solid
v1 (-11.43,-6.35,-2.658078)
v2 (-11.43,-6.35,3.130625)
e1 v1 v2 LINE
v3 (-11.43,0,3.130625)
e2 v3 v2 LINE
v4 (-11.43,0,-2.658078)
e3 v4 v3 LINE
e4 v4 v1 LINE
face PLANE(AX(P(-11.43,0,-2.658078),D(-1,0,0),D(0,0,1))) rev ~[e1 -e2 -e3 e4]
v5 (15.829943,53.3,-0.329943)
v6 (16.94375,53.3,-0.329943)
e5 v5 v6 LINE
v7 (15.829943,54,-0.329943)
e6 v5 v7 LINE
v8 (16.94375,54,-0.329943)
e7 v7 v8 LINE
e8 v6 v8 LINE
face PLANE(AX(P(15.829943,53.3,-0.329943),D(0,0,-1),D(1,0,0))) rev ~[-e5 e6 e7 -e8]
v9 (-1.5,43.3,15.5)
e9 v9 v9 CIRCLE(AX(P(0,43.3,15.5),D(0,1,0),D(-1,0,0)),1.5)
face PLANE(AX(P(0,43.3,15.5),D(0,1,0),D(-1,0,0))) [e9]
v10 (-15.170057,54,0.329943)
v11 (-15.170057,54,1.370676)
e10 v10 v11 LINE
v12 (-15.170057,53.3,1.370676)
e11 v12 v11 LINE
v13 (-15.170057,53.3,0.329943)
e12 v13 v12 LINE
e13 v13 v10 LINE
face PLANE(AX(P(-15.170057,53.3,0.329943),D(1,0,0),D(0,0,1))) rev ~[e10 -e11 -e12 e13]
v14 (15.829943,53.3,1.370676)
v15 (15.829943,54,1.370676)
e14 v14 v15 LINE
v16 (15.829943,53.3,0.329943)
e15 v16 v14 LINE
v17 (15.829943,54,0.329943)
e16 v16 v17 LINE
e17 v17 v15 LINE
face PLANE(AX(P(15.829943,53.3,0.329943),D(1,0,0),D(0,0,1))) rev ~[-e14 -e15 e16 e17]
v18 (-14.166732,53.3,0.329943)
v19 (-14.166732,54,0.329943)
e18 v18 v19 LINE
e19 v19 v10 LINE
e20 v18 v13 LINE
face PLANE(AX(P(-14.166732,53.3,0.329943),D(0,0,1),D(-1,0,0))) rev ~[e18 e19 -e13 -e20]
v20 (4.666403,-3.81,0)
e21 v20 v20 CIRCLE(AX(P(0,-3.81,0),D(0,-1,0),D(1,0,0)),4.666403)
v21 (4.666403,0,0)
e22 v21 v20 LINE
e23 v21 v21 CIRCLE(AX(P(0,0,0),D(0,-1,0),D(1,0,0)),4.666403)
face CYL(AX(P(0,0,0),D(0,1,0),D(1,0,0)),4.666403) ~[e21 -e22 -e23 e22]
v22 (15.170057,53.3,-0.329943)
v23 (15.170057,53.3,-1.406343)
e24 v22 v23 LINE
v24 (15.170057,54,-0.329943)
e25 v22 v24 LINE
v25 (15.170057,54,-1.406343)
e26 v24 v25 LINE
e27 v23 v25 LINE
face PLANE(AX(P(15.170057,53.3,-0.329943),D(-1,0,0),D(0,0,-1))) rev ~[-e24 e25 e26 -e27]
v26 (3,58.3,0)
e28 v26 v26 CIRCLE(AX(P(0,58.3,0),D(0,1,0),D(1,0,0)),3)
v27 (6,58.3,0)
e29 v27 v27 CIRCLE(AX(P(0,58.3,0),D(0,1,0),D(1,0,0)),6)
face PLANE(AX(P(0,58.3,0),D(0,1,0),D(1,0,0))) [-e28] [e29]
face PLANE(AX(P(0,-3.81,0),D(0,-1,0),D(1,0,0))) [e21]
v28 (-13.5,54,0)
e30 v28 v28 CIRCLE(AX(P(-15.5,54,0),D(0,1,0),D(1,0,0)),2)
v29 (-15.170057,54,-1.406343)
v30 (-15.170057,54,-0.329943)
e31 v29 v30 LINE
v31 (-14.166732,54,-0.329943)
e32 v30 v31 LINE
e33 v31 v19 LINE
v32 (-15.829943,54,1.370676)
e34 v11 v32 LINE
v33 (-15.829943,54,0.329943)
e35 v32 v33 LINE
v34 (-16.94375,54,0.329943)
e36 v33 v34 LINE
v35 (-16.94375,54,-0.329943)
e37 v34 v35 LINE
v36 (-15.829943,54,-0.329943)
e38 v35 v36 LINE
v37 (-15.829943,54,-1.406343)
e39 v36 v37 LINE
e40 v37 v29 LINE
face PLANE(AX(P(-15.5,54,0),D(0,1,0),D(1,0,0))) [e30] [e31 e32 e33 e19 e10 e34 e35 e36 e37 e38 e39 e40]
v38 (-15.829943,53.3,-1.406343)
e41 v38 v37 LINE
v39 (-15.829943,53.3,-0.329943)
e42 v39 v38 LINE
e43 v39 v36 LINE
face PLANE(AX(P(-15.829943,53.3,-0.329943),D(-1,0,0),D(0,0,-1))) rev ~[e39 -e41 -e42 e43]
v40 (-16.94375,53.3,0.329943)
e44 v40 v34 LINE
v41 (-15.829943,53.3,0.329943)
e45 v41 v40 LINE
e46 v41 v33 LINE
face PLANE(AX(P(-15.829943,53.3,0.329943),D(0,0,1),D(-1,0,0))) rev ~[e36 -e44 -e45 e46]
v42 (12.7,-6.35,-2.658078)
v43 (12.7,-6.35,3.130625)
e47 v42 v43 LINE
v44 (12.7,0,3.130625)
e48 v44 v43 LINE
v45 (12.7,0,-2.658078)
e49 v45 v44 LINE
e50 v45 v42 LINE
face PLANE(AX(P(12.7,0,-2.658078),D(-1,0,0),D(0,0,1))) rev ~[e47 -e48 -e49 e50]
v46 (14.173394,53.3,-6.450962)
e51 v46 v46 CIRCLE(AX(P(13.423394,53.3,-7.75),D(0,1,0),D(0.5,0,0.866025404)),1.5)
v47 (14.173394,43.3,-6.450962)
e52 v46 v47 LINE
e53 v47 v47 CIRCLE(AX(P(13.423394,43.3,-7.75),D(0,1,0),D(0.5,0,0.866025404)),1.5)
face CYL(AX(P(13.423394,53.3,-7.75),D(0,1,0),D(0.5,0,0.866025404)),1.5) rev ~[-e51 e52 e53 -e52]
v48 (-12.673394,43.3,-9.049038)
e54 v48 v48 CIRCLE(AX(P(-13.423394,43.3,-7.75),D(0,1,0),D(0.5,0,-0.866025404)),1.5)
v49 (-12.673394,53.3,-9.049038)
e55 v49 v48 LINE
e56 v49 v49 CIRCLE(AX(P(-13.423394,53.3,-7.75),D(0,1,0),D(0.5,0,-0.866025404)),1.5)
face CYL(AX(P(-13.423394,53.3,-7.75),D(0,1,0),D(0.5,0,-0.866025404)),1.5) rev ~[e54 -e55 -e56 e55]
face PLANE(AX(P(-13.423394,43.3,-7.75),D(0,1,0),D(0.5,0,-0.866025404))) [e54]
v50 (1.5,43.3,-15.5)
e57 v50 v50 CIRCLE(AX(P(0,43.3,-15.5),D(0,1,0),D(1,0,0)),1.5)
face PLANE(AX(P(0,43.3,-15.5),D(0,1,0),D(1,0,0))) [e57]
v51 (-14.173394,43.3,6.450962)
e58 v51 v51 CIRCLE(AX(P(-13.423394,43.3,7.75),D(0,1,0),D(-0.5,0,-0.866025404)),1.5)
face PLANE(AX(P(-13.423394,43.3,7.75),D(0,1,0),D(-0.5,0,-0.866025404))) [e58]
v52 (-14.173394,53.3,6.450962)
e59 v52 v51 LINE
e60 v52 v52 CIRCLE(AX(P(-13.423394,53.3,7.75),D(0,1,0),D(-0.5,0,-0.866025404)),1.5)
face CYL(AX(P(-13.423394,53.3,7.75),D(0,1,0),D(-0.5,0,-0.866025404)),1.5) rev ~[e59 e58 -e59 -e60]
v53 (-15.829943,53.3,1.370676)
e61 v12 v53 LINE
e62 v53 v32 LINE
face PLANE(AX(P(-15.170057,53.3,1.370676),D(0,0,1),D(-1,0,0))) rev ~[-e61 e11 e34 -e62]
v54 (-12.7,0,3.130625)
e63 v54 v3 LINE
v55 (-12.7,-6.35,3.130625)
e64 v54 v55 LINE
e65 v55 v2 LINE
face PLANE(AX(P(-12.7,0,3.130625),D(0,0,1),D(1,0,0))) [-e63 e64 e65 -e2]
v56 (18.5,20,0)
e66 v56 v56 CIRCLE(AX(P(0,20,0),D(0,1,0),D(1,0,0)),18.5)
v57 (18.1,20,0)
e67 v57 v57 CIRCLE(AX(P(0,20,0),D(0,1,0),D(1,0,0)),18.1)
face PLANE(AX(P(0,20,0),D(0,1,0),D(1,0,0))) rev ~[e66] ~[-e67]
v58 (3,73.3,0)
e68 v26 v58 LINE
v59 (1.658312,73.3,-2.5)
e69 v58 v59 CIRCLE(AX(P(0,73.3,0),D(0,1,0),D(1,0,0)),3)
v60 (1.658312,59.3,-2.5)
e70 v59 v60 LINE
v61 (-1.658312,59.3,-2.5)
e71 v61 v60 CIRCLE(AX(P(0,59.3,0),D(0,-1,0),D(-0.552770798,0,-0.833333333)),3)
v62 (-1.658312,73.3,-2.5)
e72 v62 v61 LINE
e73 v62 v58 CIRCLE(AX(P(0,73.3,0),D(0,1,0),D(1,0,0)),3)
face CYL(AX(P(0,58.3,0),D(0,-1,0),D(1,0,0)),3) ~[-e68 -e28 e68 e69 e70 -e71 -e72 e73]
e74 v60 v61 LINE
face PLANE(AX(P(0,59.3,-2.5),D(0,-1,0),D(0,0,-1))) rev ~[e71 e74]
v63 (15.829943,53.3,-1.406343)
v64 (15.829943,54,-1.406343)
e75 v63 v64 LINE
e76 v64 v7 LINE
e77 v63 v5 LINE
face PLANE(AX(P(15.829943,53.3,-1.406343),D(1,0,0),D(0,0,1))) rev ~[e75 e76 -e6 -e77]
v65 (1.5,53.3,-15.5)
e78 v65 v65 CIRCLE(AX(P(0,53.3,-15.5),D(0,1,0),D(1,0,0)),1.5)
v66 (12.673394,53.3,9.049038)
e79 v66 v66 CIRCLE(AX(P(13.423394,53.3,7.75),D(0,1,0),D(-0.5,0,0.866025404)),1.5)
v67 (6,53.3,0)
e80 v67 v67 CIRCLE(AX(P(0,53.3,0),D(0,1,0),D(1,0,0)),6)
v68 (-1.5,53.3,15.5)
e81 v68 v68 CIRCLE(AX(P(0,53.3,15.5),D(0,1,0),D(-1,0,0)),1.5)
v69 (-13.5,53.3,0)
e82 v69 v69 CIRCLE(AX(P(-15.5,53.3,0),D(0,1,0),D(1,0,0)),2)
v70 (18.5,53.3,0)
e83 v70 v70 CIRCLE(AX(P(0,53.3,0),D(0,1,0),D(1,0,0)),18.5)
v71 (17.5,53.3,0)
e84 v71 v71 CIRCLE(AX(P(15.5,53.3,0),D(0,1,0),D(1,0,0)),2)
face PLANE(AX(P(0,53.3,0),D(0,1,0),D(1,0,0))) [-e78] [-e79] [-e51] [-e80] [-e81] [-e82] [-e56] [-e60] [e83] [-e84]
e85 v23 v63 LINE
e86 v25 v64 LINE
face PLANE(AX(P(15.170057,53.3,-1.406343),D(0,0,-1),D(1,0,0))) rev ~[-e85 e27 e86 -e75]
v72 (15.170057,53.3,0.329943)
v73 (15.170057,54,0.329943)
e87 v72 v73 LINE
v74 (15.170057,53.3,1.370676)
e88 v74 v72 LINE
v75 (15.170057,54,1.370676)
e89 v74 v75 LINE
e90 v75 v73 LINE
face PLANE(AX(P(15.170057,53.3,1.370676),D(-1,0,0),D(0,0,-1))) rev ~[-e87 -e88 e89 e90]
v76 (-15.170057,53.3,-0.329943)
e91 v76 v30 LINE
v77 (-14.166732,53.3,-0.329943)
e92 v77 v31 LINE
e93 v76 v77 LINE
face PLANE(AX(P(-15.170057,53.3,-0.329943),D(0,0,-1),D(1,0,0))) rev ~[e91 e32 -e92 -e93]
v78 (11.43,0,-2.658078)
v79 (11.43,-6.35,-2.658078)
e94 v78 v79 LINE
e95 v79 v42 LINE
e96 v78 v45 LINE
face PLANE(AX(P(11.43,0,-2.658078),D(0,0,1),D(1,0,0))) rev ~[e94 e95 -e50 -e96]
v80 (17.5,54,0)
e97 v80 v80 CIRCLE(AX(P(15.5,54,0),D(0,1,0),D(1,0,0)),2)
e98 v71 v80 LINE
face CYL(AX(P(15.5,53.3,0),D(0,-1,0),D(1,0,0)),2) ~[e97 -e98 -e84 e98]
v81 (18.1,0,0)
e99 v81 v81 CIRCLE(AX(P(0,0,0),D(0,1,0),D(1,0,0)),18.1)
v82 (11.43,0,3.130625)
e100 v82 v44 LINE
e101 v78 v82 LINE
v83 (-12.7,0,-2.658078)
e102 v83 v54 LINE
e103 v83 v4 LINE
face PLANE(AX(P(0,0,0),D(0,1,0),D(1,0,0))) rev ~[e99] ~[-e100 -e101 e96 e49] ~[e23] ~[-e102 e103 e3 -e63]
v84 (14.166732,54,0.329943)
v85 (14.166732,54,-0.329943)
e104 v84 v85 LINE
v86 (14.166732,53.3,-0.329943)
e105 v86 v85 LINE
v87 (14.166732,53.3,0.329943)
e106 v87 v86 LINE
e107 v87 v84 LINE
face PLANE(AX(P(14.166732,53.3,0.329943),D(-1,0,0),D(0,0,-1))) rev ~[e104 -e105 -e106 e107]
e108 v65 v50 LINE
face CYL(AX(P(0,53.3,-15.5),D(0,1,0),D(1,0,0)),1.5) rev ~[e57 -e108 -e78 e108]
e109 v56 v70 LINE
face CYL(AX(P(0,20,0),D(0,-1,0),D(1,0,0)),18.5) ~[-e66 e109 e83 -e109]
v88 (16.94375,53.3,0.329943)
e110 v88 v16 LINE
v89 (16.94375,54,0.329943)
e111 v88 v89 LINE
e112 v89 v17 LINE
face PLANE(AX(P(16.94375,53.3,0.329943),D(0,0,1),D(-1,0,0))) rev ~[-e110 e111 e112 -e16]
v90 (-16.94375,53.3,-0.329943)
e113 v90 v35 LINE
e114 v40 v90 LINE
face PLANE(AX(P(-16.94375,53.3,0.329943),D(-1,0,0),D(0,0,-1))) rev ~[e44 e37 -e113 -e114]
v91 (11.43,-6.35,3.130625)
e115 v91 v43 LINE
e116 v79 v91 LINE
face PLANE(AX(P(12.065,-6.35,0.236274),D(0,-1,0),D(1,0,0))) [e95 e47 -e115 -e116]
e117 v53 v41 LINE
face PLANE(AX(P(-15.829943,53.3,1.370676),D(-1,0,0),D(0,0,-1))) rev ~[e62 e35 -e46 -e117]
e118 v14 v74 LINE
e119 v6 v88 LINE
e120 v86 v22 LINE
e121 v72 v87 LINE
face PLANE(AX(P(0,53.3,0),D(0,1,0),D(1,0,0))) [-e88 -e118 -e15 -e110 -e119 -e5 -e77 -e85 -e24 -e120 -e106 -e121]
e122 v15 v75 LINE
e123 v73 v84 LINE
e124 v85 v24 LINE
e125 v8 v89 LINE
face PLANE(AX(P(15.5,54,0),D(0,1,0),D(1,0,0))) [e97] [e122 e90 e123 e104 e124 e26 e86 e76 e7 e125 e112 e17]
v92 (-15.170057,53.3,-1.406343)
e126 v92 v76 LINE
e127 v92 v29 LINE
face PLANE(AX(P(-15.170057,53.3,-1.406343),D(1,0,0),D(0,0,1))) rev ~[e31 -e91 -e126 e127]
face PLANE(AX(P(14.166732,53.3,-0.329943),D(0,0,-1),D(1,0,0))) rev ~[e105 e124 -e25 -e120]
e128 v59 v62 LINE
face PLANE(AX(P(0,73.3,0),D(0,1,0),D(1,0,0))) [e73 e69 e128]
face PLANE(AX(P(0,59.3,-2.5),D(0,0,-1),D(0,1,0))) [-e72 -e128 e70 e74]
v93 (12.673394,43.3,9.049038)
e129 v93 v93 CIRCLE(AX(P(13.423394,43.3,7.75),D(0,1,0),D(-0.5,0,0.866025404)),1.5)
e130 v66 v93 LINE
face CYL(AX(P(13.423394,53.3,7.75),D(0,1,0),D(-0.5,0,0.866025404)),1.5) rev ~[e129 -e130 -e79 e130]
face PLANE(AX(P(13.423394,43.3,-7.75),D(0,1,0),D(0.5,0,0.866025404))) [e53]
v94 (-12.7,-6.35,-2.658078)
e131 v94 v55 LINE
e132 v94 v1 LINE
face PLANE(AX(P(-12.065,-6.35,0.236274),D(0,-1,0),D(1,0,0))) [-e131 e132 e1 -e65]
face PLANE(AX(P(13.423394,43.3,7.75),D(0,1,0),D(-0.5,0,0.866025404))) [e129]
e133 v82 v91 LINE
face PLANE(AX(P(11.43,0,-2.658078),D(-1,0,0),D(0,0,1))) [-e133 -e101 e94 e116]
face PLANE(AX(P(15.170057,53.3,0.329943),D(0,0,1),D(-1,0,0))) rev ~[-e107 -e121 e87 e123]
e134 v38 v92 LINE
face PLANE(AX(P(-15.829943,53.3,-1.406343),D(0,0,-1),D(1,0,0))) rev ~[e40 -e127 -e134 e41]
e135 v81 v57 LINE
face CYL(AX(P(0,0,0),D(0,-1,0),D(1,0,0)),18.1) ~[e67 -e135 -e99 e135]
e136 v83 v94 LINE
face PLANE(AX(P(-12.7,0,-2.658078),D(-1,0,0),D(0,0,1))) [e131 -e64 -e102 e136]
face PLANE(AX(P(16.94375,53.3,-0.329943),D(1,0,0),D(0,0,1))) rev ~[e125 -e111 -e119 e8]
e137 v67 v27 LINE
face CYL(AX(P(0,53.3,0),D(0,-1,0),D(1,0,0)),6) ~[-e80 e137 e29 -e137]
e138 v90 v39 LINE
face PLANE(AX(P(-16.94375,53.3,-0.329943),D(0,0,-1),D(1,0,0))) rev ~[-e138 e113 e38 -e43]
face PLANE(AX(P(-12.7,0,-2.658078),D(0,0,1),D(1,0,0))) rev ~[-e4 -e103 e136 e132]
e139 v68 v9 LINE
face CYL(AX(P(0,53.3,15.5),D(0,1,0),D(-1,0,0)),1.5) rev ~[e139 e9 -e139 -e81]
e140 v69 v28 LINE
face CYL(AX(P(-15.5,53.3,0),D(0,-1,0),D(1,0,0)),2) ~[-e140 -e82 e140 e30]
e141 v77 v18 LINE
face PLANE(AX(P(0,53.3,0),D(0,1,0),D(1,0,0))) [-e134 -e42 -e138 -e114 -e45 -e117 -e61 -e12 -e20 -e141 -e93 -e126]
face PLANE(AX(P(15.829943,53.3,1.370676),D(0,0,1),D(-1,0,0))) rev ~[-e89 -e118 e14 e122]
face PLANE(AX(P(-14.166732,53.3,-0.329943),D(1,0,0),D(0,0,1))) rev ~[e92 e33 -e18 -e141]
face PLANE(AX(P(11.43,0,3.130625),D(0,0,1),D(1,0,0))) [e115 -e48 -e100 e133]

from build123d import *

# Parameters (mm, degrees)
SKETCH1_R                 = 18.1
BASE_EXTRUDE_DEPTH        = 20
SKETCH2_R                 = 18.5
MOTOR_TOP_DEPTH           = 33.3
SKETCH3_R                 = 4.666403254
REAR_NUB_DEPTH            = 3.81
SKETCH4_W                 = 1.27
SKETCH4_H                 = 5.788702771
TEETH_PLUGS_DEPTH         = 6.35
SKETCH5_R                 = 6
AXLE_BASE_DEPTH           = 5
SKETCH7_R                 = 3
AXLE_DEPTH                = 15
SKETCH8_W                 = 0.5
SKETCH8_H                 = 14
D_SHAFT_CUTOUT_DEPTH      = 19.5
D_SHAFT_CUTOUT_DEPTH_BACK = 19.5
SKETCH9_R                 = 1.5
M3_SCREW_HOLES_DEPTH      = 10
SCREW_HOLE_PATTERN_COUNT  = 6
SKETCH10_R                = 2
PHILIPS_SCREWS_DEPTH      = 0.7


with BuildPart() as part:
    # Sketch1 → Base Extrude (new body)
    with BuildSketch(Plane(origin=(0, 0, 0), x_dir=(1, 0, 0), z_dir=(0, 1, 0))):
        Circle(SKETCH1_R)
    extrude(amount=BASE_EXTRUDE_DEPTH)

    # Sketch2 → Motor Top (add)
    with BuildSketch(Plane(origin=(0, 20, 0), x_dir=(1, 0, 0), z_dir=(0, 1, 0))):
        Circle(SKETCH2_R)
    extrude(amount=MOTOR_TOP_DEPTH)

    # Sketch3 → Rear nub (add)
    with BuildSketch(Plane.XZ):
        Circle(SKETCH3_R)
    extrude(amount=REAR_NUB_DEPTH)

    # Sketch4 → Teeth plugs (add)
    with BuildSketch(Plane.XZ):
        with Locations((-12.065, 0.236273582)):
            Rectangle(SKETCH4_W, SKETCH4_H)
        with Locations((12.065, 0.236273582)):
            Rectangle(SKETCH4_W, SKETCH4_H)
    extrude(amount=TEETH_PLUGS_DEPTH)

    # Sketch5 → Axle base (add)
    with BuildSketch(Plane(origin=(0, 53.3, 0), x_dir=(1, 0, 0), z_dir=(0, 1, 0))):
        Circle(SKETCH5_R)
    extrude(amount=AXLE_BASE_DEPTH)

    # Sketch7 → Axle (add)
    with BuildSketch(Plane(origin=(0, 58.3, 0), x_dir=(1, 0, 0), z_dir=(0, 1, 0))):
        Circle(SKETCH7_R)
    extrude(amount=AXLE_DEPTH)

    # Sketch8 → D shaft cutout (cut, two sides)
    with BuildSketch(Plane(origin=(0, 0, 0), x_dir=(0, 0, -1), z_dir=(1, 0, 0))) as d_shaft_cutout_sk:
        with Locations((2.75, 66.3)):
            Rectangle(SKETCH8_W, SKETCH8_H)
    extrude(amount=D_SHAFT_CUTOUT_DEPTH, mode=Mode.SUBTRACT)
    extrude(d_shaft_cutout_sk.sketch, amount=-D_SHAFT_CUTOUT_DEPTH_BACK, mode=Mode.SUBTRACT)

    # Sketch9 → M3 Screw Holes (cut)
    with BuildSketch(Plane(origin=(0, 53.3, 0), x_dir=(1, 0, 0), z_dir=(0, 1, 0))):
        with Locations((0, 15.5)):
            Circle(SKETCH9_R)
    m3_screw_holes = extrude(amount=-M3_SCREW_HOLES_DEPTH, mode=Mode.SUBTRACT)

    # Screw Hole Pattern: M3 Screw Holes ×6 about axis
    screw_hole_pattern_axis = Axis((0, 0, 0), (0, 1, 0))
    for i in range(1, SCREW_HOLE_PATTERN_COUNT):
        add(m3_screw_holes.rotate(screw_hole_pattern_axis, i * 360 / SCREW_HOLE_PATTERN_COUNT), mode=Mode.SUBTRACT)

    # Sketch10 → Philips Screws (add)
    with BuildSketch(Plane(origin=(0, 53.3, 0), x_dir=(1, 0, 0), z_dir=(0, 1, 0))):
        with Locations((-15.5, 0)):
            Circle(SKETCH10_R)
        Polygon((-16.943750133, -0.329942757), (-16.943750133, 0.329942757), (-15.829942757, 0.329942757), (-15.829942757, 1.40634253), (-15.170057243, 1.40634253), (-15.170057243, 0.329942757), (-14.166731925, 0.329942757), (-14.166731925, -0.329942757), (-15.170057243, -0.329942757), (-15.170057243, -1.370675678), (-15.829942757, -1.370675678), (-15.829942757, -0.329942757), align=None, mode=Mode.SUBTRACT)
        with Locations((15.5, 0)):
            Circle(SKETCH10_R)
        Polygon((15.829942757, 0.329942757), (16.943750133, 0.329942757), (16.943750133, -0.329942757), (15.829942757, -0.329942757), (15.829942757, -1.370675678), (15.170057243, -1.370675678), (15.170057243, -0.329942757), (14.166731925, -0.329942757), (14.166731925, 0.329942757), (15.170057243, 0.329942757), (15.170057243, 1.40634253), (15.829942757, 1.40634253), align=None, mode=Mode.SUBTRACT)
    extrude(amount=PHILIPS_SCREWS_DEPTH)


solid = part.part
